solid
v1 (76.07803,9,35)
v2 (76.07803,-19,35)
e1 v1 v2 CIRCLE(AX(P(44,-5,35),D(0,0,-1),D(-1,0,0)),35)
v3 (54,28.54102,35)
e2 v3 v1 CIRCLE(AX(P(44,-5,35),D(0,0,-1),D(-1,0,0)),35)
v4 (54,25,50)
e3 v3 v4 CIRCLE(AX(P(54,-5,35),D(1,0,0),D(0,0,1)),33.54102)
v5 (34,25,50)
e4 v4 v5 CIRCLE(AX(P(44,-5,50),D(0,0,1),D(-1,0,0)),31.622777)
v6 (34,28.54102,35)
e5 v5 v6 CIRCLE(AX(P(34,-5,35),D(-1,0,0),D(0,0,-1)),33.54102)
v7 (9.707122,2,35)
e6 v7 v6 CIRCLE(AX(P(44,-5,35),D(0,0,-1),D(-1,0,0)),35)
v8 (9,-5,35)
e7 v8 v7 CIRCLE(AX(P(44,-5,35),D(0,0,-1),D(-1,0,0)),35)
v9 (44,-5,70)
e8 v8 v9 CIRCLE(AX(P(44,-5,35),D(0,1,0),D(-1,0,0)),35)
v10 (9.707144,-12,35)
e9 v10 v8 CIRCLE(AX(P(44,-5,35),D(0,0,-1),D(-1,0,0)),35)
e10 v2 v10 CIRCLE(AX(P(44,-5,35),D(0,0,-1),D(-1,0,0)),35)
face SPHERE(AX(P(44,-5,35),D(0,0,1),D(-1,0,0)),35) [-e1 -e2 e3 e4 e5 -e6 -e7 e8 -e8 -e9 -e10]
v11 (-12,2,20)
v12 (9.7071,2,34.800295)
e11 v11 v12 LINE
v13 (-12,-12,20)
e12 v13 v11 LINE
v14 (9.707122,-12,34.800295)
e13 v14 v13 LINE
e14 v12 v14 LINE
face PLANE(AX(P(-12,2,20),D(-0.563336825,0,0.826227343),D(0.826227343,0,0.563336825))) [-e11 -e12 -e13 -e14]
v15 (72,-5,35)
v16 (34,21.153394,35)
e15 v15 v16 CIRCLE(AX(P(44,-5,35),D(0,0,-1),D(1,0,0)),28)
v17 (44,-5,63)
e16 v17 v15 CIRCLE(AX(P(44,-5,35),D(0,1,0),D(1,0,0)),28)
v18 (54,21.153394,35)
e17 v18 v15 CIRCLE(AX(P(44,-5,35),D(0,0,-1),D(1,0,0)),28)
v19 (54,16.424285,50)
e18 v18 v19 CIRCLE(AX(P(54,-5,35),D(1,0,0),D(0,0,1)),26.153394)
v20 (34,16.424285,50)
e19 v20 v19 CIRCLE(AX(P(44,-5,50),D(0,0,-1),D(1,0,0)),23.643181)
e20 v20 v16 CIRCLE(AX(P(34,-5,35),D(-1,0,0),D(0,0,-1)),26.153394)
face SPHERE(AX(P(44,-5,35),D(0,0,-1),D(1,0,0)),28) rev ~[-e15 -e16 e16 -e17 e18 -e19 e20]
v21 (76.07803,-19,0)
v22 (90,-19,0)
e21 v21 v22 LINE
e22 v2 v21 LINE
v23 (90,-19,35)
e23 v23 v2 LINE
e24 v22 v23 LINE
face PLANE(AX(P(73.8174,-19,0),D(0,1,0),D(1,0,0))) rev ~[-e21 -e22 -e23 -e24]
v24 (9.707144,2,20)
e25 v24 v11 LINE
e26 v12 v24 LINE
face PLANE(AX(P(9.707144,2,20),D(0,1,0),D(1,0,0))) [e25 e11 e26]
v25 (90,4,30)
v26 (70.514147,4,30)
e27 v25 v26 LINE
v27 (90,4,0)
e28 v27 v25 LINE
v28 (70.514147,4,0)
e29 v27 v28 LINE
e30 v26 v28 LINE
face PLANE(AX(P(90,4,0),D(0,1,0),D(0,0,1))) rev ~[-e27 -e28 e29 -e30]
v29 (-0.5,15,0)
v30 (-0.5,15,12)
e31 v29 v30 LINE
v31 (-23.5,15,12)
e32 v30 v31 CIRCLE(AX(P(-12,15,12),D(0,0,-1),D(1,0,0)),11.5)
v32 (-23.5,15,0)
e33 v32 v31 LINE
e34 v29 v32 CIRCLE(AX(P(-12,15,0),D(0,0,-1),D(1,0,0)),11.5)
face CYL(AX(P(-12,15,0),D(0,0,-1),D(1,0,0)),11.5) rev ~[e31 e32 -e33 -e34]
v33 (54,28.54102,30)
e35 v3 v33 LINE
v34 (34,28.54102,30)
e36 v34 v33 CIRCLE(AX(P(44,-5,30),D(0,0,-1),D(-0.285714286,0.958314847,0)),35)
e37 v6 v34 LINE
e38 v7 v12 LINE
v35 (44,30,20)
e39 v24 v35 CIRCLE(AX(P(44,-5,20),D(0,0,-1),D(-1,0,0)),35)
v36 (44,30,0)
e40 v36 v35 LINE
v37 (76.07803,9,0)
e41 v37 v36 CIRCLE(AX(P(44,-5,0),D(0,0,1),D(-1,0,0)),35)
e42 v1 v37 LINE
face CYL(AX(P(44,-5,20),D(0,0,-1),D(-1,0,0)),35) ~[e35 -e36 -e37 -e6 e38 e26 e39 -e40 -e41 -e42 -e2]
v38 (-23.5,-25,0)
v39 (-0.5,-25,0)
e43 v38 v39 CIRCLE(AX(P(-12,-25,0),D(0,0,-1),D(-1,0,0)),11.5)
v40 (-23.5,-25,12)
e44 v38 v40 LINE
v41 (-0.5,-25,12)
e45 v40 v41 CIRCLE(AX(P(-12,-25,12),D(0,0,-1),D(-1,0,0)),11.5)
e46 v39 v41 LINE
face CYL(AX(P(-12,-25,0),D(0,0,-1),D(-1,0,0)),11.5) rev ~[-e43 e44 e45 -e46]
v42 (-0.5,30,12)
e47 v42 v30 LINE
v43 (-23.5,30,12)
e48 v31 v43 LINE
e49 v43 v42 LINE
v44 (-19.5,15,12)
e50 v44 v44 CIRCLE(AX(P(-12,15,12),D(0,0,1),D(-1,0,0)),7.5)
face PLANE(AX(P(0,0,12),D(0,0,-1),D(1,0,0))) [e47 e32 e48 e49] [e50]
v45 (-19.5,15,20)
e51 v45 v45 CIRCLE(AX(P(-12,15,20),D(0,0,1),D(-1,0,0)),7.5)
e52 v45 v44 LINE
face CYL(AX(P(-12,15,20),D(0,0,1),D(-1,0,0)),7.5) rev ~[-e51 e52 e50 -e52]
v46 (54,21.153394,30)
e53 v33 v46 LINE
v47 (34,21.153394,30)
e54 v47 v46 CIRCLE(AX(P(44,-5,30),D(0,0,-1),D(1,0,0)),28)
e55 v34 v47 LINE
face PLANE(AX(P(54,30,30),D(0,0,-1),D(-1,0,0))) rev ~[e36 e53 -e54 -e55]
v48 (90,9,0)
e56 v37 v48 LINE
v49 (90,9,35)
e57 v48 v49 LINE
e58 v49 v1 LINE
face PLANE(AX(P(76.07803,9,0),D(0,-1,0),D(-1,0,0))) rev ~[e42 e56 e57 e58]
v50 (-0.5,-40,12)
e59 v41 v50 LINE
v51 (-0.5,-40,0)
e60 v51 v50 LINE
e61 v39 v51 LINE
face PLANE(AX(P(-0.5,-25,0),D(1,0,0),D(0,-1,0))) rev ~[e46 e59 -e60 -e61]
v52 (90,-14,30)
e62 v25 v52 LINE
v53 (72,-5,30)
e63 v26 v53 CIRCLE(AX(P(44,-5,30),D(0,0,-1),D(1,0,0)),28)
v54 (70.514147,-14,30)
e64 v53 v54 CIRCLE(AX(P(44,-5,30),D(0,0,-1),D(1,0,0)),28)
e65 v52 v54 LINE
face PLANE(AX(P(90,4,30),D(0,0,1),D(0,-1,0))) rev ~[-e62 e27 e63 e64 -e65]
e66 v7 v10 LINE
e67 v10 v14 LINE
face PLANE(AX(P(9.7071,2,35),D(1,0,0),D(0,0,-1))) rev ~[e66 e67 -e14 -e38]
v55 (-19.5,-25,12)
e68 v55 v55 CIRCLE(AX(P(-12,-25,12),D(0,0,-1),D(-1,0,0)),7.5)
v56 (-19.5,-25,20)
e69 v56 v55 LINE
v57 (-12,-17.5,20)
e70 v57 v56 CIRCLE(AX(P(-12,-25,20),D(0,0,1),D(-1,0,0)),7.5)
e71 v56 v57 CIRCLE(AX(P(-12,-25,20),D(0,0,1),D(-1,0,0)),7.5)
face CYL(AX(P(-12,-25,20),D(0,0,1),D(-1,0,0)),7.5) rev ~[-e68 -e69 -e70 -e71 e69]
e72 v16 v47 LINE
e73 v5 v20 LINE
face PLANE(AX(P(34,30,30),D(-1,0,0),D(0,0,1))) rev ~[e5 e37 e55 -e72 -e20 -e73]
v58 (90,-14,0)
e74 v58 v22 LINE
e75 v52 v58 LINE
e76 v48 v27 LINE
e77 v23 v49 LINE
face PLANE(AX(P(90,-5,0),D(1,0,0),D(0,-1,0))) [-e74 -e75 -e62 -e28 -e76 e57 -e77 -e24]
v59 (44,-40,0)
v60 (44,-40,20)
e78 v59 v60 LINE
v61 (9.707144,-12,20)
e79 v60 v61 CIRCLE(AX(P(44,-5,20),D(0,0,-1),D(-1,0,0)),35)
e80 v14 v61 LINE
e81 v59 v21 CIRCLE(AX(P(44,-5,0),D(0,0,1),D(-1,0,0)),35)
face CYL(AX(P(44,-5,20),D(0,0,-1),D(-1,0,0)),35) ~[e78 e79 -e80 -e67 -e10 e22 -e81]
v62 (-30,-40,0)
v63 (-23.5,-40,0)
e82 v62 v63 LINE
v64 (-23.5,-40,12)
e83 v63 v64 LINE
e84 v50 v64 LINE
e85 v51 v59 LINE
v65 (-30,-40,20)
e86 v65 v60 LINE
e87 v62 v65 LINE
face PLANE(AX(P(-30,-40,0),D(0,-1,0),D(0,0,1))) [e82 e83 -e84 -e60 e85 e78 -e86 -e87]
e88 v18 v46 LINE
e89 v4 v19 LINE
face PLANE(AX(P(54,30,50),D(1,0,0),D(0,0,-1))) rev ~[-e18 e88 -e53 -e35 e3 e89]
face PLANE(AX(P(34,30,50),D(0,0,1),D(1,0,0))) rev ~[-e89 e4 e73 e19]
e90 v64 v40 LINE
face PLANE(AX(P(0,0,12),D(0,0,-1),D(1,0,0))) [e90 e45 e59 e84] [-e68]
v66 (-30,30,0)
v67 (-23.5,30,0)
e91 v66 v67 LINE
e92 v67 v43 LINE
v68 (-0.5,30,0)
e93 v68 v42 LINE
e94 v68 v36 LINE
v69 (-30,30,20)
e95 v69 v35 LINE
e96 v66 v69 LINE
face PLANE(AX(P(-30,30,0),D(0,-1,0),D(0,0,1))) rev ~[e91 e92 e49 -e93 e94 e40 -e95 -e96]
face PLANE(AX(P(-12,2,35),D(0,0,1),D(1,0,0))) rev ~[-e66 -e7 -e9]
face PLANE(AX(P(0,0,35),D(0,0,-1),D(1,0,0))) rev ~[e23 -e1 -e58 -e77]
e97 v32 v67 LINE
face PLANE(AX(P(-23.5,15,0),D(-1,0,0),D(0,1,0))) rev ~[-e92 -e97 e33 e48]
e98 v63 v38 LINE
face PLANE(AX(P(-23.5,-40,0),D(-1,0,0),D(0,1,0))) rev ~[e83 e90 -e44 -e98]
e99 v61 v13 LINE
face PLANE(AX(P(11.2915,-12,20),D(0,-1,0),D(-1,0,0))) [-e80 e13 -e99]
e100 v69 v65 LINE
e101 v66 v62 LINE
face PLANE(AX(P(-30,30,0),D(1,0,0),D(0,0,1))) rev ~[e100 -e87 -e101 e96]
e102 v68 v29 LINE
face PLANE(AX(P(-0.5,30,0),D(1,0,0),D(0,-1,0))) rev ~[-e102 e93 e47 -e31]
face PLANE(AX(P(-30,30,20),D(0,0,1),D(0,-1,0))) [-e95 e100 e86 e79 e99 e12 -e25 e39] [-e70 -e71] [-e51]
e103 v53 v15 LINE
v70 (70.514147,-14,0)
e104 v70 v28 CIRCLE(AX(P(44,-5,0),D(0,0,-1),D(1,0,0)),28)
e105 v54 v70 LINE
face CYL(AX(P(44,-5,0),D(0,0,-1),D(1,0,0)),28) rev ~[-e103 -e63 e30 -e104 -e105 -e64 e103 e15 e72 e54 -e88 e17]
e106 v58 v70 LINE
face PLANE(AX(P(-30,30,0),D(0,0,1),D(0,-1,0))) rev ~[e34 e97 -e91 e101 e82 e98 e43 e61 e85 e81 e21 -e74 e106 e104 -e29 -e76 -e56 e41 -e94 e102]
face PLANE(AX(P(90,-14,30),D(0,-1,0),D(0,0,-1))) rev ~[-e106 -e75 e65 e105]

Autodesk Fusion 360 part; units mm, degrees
box "BoxPrimitive1" add length 70 width 74 height 20 placed x (0, -1, 0) y (1, 0, 0) z (0, 0, 1) at (-30, 30, 0)
sketch "Sketch2" plane through (0, 0, 20) normal (0, 0, 1) x (-1, 0, 0)
  line L0 (30, 40) -> (-44, 40)
  line L1 (-44, 40) -> (-44, -30)
  line L2 (-44, -30) -> (30, -30)
  line L3 (30, -30) -> (30, 40)
  circle A0 centre (12, -15) radius 7.5
  circle A1 centre (12, 25) radius 7.5
  point P0 (30, -15)
  point P1 (30, 25)
  point P2 (12, -30)
  point P3 (12, -15)
  point P4 (12, 25)
  dimension "d9" = 15
  dimension "d10" = 15
extrude "Extrude1" cut sketch "Sketch2" against normal blind 378 contours A0 | A1
sketch "Sketch3" plane through (0, 0, 0) normal (0, 0, -1) x (1, 0, 0)
  circle A0 centre (-12, -15) radius 7.5
  circle A1 centre (-12, 25) radius 7.5
  line L0 (44, 40) -> (-30, 40)
  line L1 (-30, 40) -> (-30, -30)
  line L2 (-30, -30) -> (44, -30)
  line L3 (44, -30) -> (44, 40)
  line L4 (-0.5, 25) -> (-0.5, 40)
  line L5 (-0.5, 40) -> (-23.5, 40)
  line L6 (-23.5, 40) -> (-23.5, 25)
  line L7 (-23.5, -15) -> (-23.5, -30)
  line L8 (-23.5, -30) -> (-0.5, -30)
  line L9 (-0.5, -30) -> (-0.5, -15)
  arc A2 (-0.5, -15) -> (-23.5, -15) centre (-12, -15) ccw
  arc A3 (-23.5, 25) -> (-0.5, 25) centre (-12, 25) ccw
  dimension "d13" = 23
  dimension "d14" = 23
  dimension "d15" = 23
  dimension "d16" = 23
extrude "Extrude2" cut sketch "Sketch3" against normal blind 12 contours L0 L4 L5 L6 A3 | L2 L7 L8 L9 A2
sketch "Sketch4" plane through (0, 0, 20) normal (0, 0, 1) x (-1, 0, 0)
  circle A0 centre (12, -15) radius 7.5
  circle A1 centre (12, 25) radius 7.5
  line L0 (30, 40) -> (-44, 40)
  line L1 (-44, -30) -> (30, -30)
  line L2 (30, -30) -> (30, 40)
  circle A2 centre (-44, 5) radius 35
  point P0 (-44, 5)
extrude "Extrude3" add sketch "Sketch4" along normal blind 15 and the other way blind 20 contours A2
sketch "Sketch5" plane through (0, 0, 35) normal (0, 0, 1) x (-1, 0, 0)
  circle A0 centre (-44, 5) radius 35
sketch "Sketch6" plane through (0, 0, 35) normal (0, 0, 1) x (-1, 0, 0)
  circle A0 centre (-44, 5) radius 35
  dimension "d23" = 70
sphere "SpherePrimitive1" add diameter 70 placed x (-1, 0, 0) y (0, -1, 0) z (0, 0, 1) at (44, -5, 35)
sketch "Sketch8" plane through (0, 30, 0) normal (0, 1, 0) x (-1, 0, 0)
  line L0 (0.5, 0) -> (0.5, 12)
  line L1 (0.5, 12) -> (23.5, 12)
  line L2 (23.5, 12) -> (23.5, 0)
  line L3 (23.5, 0) -> (30, 0)
  line L4 (30, 0) -> (30, 20)
  line L5 (30, 20) -> (-44, 20)
  line L6 (-44, 20) -> (-44, 0)
  line L7 (-44, 0) -> (0.5, 0)
  line L8 (-34, 50) -> (-54, 50)
  line L9 (-54, 50) -> (-54, 30)
  line L10 (-54, 30) -> (-34, 30)
  line L11 (-34, 30) -> (-34, 50)
  line L12 (-34, 50) -> (-54, 30) construction
  line L13 (-54, 50) -> (-34, 30) construction
  point P0 (-44, 40)
  point P1 (-44, 40)
  dimension "d26" = 20
  dimension "d27" = 20
extrude "Extrude4" cut sketch "Sketch8" against normal blind 15 contours L8 L9 L10 L11
sketch "Sketch9" plane through (0, 0, 0) normal (0, 0, -1) x (1, 0, 0)
  line L0 (44, 40) -> (-0.5, 40)
  line L1 (-0.5, 40) -> (-0.5, 25)
  arc A0 (-23.5, 25) -> (-0.5, 25) centre (-12, 25) ccw
  line L2 (-23.5, 25) -> (-23.5, 40)
  line L3 (-23.5, 40) -> (-30, 40)
  line L4 (-30, 40) -> (-30, -30)
  line L5 (-30, -30) -> (-23.5, -30)
  line L6 (-23.5, -30) -> (-23.5, -15)
  arc A1 (-0.5, -15) -> (-23.5, -15) centre (-12, -15) ccw
  line L7 (-0.5, -15) -> (-0.5, -30)
  line L8 (-0.5, -30) -> (44, -30)
  arc A2 (44, -30) -> (44, 40) centre (44, 5) ccw
  circle A3 centre (44, 5) radius 28
extrude "Extrude5" cut sketch "Sketch9" against normal blind 35 contours A3
sketch "Sketch10" plane through (0, 0, 35) normal (0, 0, -1) x (1, 0, 0)
  line L0 (34, -21.1534) -> (34, -15)
  line L1 (34, -15) -> (54, -15)
  line L2 (54, -15) -> (54, -21.1534)
  arc A0 (54, -21.1534) -> (34, -21.1534) centre (44, 5) ccw
  circle A1 centre (44, 5) radius 28
sphere "SpherePrimitive2" cut diameter 56 placed x (1, 0, 0) y (0, -1, 0) z (0, 0, -1) at (44, -5, 35)
sketch "Sketch12" plane through (0, 0, 20) normal (0, 0, 1) x (-1, 0, 0)
  arc A0 (-44, -30) -> (-44, 40) centre (-44, 5) ccw
  line L0 (-44, -30) -> (30, -30)
  line L1 (30, -30) -> (30, 40)
  line L2 (30, 40) -> (-44, 40)
  circle A1 centre (12, -15) radius 7.5
  circle A2 centre (12, 25) radius 7.5
  line L3 (12, 5) -> (12, -2)
  line L4 (12, -2) -> (12, 5)
  line L5 (12, 5) -> (12, 12)
  line L6 (12, -2) -> (-11.2915, -2)
  line L7 (-11.2915, -2) -> (-11.2915, 12)
  line L8 (-11.2915, 12) -> (12, 12)
  point P0 (30, 5)
extrude "Extrude6" add sketch "Sketch12" along normal blind 15 contours A0 L6 L7 L8 | A0 L3 L4 L5 L6 L8
sketch "Sketch13" plane through (0, 2, 0) normal (0, 1, 0) x (-1, 0, 0)
  line L0 (-9.7071, 35) -> (-9.7071, 20)
  line L1 (-9.7071, 20) -> (12, 20)
  line L2 (12, 20) -> (12, 35)
  line L3 (12, 35) -> (-9.7071, 35)
  line L4 (12, 20) -> (-10, 35)
extrude "Extrude7" cut sketch "Sketch13" against normal blind 20 contours L0 L2 L3 L4
sketch "Sketch14" plane through (0, 0, 0) normal (0, 0, -1) x (1, 0, 0)
  circle A0 centre (44, 5) radius 28
  line L0 (44, 40) -> (-0.5, 40)
  line L1 (-0.5, 40) -> (-0.5, 25)
  arc A1 (-23.5, 25) -> (-0.5, 25) centre (-12, 25) ccw
  line L2 (-23.5, 25) -> (-23.5, 40)
  line L3 (-23.5, 40) -> (-30, 40)
  line L4 (-30, 40) -> (-30, -30)
  line L5 (-30, -30) -> (-23.5, -30)
  line L6 (-23.5, -30) -> (-23.5, -15)
  arc A2 (-0.5, -15) -> (-23.5, -15) centre (-12, -15) ccw
  line L7 (-0.5, -15) -> (-0.5, -30)
  line L8 (-0.5, -30) -> (44, -30)
  arc A3 (44, -30) -> (44, 40) centre (44, 5) ccw
  line L9 (-30, 5) -> (79, 5)
  line L10 (79, 5) -> (90, 5)
  line L11 (90, 5) -> (90, 19)
  line L12 (90, 19) -> (90, 5)
  line L13 (90, 5) -> (90, -9)
  line L14 (90, -9) -> (73.8174, -9)
  line L15 (73.8174, -9) -> (73.8174, 19)
  line L16 (73.8174, 19) -> (90, 19)
  line L17 (90, 19) -> (90, -9)
extrude "Extrude8" add sketch "Sketch14" against normal blind 35 contours A3 L9 L15 L16 | A3 L9 L14 L15 | A3 L10 L13 L14 L17 | A3 L10 L11 L12 L16 L17
sketch "Sketch15" plane through (90, 0, 0) normal (1, 0, 0) x (0, 1, 0)
  line L0 (-19, 0) -> (9, 0)
  line L1 (9, 0) -> (9, 35)
  line L2 (9, 35) -> (-19, 35)
  line L3 (-19, 35) -> (-19, 0)
  line L4 (-5, 0) -> (-14, 0)
  line L5 (-5, 0) -> (4, 0)
  line L6 (-14, 0) -> (4, 0)
  line L7 (4, 0) -> (4, 30)
  line L8 (4, 30) -> (-14, 30)
  line L9 (-14, 30) -> (-14, 0)
  point P0 (-5, 0)
  dimension "d48" = 30
extrude "Extrude9" cut sketch "Sketch15" against normal blind 21 contours L0 L4 L5 L6 L7 L8 L9
